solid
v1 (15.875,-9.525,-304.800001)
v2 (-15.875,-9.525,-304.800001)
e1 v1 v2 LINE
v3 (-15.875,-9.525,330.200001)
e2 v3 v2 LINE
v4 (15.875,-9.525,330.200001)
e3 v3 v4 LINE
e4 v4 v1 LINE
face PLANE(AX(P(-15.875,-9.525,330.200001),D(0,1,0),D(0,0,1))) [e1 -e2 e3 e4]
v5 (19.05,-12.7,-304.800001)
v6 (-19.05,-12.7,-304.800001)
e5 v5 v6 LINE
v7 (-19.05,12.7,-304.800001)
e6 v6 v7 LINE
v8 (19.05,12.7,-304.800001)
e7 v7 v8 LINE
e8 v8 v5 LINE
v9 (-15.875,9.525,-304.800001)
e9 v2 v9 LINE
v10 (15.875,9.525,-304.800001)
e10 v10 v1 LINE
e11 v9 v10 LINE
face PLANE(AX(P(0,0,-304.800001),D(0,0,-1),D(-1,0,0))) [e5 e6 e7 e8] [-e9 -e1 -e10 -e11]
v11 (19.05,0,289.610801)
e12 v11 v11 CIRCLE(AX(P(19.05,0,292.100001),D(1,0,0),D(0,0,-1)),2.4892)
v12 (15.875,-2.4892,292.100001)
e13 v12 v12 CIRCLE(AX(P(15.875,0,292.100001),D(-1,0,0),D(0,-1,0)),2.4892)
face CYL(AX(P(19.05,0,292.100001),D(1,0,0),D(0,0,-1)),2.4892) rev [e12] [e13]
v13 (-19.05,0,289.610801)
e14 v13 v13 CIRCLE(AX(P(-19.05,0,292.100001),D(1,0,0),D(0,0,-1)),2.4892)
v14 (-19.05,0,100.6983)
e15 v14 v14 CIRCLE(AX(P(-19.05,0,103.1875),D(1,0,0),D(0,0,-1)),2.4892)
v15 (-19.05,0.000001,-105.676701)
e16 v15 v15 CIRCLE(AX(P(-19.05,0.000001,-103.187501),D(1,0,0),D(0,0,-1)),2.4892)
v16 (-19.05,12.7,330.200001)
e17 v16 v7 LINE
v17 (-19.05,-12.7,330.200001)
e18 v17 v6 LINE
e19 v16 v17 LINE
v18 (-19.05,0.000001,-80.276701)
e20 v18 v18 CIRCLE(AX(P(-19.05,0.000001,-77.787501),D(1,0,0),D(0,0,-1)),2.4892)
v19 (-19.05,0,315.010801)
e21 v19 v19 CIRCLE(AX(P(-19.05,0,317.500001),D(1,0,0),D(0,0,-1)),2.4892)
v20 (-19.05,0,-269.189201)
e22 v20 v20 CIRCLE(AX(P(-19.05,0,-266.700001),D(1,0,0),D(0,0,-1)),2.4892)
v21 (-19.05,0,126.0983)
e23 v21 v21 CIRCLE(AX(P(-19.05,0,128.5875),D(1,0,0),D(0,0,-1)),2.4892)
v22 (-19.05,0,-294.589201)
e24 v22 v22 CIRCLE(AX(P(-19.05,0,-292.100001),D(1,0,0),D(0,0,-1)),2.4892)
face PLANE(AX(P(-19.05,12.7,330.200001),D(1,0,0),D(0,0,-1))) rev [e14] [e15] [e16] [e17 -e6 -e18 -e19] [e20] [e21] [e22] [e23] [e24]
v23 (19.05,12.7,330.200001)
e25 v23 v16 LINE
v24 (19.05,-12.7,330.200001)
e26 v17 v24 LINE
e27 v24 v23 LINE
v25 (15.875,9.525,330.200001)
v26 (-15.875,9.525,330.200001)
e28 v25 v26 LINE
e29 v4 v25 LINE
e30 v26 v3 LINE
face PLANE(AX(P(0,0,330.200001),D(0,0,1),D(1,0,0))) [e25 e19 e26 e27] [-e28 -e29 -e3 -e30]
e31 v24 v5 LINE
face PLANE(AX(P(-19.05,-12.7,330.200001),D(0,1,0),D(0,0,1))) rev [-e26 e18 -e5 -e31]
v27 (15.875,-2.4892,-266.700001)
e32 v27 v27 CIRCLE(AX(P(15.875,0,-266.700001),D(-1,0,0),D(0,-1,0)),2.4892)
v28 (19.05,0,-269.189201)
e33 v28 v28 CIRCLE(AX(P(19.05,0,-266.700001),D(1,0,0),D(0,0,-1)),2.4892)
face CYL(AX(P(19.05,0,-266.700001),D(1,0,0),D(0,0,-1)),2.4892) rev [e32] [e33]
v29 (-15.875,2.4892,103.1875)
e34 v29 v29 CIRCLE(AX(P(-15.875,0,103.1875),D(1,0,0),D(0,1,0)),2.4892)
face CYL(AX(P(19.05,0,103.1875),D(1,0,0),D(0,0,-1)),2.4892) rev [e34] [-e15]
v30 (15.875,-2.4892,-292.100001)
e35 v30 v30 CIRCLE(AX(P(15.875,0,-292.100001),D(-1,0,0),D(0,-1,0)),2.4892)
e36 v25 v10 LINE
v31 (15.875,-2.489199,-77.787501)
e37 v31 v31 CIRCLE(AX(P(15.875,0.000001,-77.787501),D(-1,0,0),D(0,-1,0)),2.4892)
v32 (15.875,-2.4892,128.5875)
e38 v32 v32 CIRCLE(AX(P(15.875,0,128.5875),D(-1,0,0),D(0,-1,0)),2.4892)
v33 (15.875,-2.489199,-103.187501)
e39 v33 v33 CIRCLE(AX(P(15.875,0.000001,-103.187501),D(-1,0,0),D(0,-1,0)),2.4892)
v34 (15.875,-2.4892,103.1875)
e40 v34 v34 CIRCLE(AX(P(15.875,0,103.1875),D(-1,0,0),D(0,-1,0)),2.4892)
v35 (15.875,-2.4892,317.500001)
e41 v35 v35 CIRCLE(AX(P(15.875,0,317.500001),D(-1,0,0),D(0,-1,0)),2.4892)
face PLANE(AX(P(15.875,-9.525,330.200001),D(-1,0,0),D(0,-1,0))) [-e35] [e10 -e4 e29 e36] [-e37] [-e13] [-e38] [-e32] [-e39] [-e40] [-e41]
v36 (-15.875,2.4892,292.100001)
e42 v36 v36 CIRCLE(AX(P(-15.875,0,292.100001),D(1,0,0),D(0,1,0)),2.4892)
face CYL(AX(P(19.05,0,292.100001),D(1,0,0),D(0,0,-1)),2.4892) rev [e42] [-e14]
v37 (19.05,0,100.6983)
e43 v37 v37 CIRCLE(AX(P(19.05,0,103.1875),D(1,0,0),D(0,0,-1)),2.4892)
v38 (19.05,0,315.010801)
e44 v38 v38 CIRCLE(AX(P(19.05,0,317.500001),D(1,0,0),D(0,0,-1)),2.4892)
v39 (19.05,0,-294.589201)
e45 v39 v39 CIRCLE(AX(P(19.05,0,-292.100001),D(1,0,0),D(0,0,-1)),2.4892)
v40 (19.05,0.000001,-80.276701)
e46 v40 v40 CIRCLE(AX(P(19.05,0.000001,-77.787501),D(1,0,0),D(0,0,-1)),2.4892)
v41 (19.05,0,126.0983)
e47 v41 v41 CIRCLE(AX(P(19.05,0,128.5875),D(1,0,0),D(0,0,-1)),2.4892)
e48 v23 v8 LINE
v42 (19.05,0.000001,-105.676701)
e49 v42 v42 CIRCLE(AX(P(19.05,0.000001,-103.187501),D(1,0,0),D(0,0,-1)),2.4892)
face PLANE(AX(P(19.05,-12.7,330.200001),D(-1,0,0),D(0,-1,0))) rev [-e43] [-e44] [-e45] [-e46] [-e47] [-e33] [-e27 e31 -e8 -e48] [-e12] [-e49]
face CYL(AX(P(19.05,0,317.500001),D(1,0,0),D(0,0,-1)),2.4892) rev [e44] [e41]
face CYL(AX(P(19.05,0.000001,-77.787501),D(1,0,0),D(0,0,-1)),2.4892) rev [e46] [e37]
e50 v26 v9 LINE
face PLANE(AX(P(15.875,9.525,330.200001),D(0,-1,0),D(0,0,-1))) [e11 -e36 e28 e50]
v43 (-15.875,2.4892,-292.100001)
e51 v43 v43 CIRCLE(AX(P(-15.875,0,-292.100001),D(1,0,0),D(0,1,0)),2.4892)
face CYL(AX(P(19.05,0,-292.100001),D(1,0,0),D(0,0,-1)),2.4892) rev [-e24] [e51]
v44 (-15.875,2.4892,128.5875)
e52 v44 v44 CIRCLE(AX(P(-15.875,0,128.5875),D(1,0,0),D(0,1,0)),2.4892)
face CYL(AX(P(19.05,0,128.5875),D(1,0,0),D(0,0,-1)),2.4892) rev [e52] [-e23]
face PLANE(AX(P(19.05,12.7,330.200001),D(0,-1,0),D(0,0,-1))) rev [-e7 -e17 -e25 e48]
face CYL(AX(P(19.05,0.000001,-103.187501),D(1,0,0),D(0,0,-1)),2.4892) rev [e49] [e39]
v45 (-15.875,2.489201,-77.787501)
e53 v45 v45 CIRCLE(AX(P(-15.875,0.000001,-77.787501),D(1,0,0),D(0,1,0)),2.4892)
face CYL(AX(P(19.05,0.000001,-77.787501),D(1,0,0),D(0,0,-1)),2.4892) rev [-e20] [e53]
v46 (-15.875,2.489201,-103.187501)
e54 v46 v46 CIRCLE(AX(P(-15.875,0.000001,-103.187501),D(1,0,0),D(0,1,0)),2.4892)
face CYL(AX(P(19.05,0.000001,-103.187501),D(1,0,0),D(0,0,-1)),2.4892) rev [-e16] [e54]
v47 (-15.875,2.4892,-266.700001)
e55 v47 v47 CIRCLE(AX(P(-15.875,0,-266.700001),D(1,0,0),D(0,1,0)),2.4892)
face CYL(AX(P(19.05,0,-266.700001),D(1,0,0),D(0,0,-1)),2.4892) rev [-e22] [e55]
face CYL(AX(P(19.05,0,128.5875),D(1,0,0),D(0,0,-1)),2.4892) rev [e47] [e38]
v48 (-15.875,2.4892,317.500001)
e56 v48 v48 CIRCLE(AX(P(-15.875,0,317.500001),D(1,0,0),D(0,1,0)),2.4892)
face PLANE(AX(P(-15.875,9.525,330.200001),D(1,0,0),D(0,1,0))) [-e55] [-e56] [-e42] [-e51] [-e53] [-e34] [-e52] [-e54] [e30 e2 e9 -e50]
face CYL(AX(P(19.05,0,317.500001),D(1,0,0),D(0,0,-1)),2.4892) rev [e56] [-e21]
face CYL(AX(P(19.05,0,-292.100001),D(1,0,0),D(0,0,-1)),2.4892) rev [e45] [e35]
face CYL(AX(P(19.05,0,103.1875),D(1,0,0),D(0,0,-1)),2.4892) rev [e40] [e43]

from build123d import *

# Parameters (mm, degrees)
BOSS_EXTRUDE1_DEPTH      = 330.200001
BOSS_EXTRUDE1_DEPTH_BACK = 330.200001
SKETCH3_W                = 38.1
SKETCH3_H                = 25.4
SKETCH3_W_2              = 31.75
SKETCH3_H_2              = 19.05
F_10_CLEARANCE_HOLE1_D   = 4.9784


with BuildPart() as part:
    # Sketch3 → Boss-Extrude1 (new, two sides: drawn at the far end of the back side and taken through both)
    with BuildSketch(Plane.XY.offset(-BOSS_EXTRUDE1_DEPTH_BACK)):
        Rectangle(SKETCH3_W, SKETCH3_H)
        Rectangle(SKETCH3_W_2, SKETCH3_H_2, mode=Mode.SUBTRACT)
    extrude(amount=BOSS_EXTRUDE1_DEPTH + BOSS_EXTRUDE1_DEPTH_BACK)

    # SurfaceCut1
    split(bisect_by=Plane(origin=(0, 0, -304.800000508), x_dir=(-1, 0, 0), z_dir=(0, 0, -1)), keep=Keep.BOTTOM)

    # #10 Clearance Hole1 (through all)
    with Locations(Plane(origin=(19.05, 0, 0), x_dir=(0, 0, -1), z_dir=(1, 0, 0))):
        with Locations((-128.5875, 0), (-103.1875, 0), (77.787500575, 1.014e-06), (103.187500575, 1.014e-06), (-317.500000508, 0), (-292.100000508, 0), (266.700000508, 0), (292.100000508, 0)):
            Hole(F_10_CLEARANCE_HOLE1_D / 2)


solid = part.part
